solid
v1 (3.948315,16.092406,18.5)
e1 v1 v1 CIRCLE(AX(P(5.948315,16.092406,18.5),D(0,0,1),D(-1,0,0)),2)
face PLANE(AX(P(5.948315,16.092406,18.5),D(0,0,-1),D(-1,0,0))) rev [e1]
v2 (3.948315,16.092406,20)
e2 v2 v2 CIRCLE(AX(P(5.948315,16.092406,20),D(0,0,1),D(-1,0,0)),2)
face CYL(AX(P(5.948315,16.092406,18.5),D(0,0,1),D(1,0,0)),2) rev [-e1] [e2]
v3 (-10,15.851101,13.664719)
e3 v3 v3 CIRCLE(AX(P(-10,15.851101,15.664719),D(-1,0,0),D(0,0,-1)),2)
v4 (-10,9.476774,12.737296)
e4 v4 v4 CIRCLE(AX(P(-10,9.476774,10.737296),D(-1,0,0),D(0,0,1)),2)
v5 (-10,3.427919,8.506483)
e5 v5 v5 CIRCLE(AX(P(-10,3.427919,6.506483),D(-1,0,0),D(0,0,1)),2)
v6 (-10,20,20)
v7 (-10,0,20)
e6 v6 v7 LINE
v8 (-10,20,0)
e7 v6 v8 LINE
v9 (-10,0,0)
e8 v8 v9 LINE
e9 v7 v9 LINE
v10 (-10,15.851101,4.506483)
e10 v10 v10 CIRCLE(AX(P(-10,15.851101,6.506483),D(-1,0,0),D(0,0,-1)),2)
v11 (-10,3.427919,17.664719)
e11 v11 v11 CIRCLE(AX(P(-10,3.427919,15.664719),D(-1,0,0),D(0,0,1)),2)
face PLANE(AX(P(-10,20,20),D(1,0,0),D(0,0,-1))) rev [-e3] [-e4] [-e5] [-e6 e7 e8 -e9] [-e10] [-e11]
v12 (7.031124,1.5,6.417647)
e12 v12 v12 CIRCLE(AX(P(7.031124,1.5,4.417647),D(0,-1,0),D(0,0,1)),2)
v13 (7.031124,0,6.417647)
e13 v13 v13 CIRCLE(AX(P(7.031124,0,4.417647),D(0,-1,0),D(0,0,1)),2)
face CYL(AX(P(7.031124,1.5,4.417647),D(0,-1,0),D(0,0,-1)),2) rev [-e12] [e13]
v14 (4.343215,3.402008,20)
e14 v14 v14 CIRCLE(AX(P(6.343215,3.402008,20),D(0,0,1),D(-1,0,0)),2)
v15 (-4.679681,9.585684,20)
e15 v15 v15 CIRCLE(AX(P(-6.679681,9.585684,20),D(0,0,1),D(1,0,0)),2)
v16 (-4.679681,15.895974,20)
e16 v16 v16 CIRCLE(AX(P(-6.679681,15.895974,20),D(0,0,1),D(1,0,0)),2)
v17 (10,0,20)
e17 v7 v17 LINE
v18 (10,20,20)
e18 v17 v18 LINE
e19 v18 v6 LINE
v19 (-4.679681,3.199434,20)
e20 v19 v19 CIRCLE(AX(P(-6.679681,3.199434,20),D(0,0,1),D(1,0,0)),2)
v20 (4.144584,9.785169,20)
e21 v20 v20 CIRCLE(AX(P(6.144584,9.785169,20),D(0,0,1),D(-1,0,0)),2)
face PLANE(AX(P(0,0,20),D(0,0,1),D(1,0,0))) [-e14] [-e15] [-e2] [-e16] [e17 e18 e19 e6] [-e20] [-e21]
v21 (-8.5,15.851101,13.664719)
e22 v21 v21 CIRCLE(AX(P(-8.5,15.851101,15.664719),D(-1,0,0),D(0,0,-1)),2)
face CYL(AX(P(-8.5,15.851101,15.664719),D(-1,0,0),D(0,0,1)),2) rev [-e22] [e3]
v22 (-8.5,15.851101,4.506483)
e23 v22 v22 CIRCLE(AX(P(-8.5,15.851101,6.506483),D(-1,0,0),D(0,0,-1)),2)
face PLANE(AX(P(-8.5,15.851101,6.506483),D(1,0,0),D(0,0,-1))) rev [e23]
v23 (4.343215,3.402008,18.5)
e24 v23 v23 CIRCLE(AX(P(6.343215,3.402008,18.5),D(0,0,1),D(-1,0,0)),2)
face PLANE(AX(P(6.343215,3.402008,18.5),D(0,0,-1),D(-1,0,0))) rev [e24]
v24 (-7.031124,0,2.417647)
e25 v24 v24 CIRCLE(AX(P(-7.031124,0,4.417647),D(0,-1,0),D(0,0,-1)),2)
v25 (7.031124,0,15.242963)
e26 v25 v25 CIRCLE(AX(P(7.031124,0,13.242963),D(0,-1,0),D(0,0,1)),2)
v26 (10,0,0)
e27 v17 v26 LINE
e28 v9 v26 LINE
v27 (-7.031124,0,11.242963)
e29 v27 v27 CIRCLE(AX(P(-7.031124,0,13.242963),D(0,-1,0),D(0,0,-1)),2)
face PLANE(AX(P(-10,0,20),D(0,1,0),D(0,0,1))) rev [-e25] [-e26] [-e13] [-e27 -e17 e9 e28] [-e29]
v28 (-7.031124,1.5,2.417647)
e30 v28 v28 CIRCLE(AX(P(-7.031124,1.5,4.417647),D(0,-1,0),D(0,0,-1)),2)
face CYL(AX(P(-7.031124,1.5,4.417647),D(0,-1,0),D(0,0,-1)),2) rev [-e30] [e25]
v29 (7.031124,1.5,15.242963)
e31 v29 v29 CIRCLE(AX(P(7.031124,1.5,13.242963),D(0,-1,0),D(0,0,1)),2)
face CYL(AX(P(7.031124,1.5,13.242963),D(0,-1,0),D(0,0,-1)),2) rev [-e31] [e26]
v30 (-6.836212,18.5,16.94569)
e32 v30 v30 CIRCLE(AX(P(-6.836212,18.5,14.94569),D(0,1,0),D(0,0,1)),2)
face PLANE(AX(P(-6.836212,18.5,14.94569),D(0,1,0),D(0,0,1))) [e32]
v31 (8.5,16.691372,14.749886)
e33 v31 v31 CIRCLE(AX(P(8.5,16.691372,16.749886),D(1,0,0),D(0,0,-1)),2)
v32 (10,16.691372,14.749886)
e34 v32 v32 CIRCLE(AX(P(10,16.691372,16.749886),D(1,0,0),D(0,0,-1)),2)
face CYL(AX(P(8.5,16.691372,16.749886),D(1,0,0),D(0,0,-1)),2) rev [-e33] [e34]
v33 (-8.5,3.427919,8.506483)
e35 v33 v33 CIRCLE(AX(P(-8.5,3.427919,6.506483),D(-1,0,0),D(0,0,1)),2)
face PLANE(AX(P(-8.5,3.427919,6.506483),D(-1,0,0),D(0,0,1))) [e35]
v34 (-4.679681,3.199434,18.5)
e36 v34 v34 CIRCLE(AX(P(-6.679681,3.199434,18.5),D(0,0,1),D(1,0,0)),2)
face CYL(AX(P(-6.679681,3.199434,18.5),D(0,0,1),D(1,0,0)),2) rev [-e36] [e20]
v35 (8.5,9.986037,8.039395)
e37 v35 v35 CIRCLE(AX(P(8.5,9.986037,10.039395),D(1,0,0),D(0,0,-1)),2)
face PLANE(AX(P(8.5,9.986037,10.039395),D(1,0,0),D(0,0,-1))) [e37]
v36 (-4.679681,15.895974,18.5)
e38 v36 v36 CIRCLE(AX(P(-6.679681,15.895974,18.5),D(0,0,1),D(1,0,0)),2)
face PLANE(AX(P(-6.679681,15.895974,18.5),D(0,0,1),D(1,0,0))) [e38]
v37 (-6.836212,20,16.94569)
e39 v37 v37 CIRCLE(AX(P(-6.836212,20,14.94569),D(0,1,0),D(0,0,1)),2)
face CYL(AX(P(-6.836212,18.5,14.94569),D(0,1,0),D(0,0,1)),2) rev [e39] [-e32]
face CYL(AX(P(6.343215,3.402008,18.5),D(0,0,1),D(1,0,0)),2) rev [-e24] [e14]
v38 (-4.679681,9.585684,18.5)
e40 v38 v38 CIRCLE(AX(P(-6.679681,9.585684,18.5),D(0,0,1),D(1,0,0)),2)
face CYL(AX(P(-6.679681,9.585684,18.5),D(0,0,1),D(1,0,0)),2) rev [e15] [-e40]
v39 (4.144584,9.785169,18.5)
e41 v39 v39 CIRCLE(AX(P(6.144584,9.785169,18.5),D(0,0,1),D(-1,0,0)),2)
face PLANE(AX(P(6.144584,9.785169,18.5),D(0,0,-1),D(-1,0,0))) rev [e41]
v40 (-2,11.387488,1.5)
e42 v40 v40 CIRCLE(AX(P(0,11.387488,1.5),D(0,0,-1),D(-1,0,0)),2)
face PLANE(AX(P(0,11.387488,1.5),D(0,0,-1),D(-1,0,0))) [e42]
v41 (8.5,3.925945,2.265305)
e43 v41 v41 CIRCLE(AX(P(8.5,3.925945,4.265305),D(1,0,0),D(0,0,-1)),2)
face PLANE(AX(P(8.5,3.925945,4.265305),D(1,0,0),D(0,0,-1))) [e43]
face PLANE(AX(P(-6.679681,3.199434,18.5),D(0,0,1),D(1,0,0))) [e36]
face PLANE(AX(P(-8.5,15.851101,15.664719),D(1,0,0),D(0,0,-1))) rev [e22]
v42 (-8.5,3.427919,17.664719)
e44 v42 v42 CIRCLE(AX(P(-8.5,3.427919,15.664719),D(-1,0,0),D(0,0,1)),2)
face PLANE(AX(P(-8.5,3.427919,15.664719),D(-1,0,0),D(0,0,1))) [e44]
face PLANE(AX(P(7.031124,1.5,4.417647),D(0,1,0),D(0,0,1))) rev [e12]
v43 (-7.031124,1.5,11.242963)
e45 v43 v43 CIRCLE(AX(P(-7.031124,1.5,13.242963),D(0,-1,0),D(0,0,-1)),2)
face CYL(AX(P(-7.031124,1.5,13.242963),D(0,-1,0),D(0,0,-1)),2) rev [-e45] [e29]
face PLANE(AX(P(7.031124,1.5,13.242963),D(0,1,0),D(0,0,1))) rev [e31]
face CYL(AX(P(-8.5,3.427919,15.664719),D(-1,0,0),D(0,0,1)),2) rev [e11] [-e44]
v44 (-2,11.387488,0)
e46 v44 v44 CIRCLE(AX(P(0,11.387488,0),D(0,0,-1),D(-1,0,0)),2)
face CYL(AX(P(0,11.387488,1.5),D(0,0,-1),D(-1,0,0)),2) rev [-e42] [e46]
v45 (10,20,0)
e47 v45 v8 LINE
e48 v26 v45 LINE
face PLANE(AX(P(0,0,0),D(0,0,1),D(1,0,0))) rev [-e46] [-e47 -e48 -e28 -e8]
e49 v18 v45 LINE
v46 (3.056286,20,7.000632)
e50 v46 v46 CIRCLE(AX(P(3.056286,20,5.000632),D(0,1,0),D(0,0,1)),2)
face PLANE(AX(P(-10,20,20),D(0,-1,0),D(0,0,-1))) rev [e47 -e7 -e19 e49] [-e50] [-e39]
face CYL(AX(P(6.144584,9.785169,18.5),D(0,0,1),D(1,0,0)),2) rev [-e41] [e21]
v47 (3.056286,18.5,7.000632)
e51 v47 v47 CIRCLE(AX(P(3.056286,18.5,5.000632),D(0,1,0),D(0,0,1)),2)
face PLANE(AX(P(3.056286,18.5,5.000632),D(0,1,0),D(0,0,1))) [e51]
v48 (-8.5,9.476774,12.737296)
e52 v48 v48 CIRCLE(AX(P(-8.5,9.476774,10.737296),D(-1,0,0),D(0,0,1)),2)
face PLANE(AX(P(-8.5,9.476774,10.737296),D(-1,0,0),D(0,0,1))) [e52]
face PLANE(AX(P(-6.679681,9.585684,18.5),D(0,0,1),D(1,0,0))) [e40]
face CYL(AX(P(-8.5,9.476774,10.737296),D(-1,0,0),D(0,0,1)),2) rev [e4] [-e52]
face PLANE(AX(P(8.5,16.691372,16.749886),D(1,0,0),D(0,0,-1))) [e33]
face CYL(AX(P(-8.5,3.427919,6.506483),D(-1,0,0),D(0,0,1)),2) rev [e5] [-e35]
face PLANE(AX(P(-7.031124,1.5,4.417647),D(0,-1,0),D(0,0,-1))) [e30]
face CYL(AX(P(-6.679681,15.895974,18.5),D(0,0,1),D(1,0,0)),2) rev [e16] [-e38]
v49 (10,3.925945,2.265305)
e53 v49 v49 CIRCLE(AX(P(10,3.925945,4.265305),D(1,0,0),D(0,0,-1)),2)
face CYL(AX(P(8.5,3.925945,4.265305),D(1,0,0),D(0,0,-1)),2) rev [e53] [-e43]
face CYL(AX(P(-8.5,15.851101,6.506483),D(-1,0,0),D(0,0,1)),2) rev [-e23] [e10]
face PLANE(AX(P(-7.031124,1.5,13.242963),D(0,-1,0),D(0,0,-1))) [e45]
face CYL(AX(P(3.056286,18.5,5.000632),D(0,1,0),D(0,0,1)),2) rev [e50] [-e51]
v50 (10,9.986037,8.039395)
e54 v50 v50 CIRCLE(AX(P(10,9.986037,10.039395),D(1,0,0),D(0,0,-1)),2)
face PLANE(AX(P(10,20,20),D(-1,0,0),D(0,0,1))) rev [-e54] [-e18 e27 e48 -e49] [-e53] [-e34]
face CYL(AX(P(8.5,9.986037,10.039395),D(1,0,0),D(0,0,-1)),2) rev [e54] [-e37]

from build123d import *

# Parameters (mm, degrees)
SKETCH2_W           = 20
SKETCH2_H           = 20
BOSS_EXTRUDE1_DEPTH = 20
SKETCH3_R           = 2
CUT_EXTRUDE2_DEPTH  = 1.5
SKETCH4_R           = 2
CUT_EXTRUDE4_DEPTH  = 1.5
SKETCH5_R           = 2
CUT_EXTRUDE5_DEPTH  = 1.5
SKETCH6_R           = 2
CUT_EXTRUDE6_DEPTH  = 1.5
SKETCH7_R           = 2
CUT_EXTRUDE7_DEPTH  = 1.5
SKETCH8_R           = 2
CUT_EXTRUDE8_DEPTH  = 1.5
SKETCH9_R           = 2
CUT_EXTRUDE9_DEPTH  = 1.5


with BuildPart() as part:
    # Sketch2 → Boss-Extrude1 (new body)
    with BuildSketch(Plane.XY):
        with Locations((0, 10)):
            Rectangle(SKETCH2_W, SKETCH2_H)
    extrude(amount=BOSS_EXTRUDE1_DEPTH)

    # Sketch3 → Cut-Extrude2 (cut)
    with BuildSketch(Plane(origin=(0, 0, 0), x_dir=(-1, 0, 0), z_dir=(0, 0, -1))):
        with Locations((0, 11.387488096)):
            Circle(SKETCH3_R)
    extrude(amount=-CUT_EXTRUDE2_DEPTH, mode=Mode.SUBTRACT)

    # Sketch4 → Cut-Extrude4 (cut)
    with BuildSketch(Plane.XY.offset(20)):
        with Locations((-6.679680773, 3.199433654)):
            Circle(SKETCH4_R)
        with Locations((-6.679680773, 9.585684456)):
            Circle(SKETCH4_R)
        with Locations((-6.679680773, 15.895974219)):
            Circle(SKETCH4_R)
        with Locations(Location((5.94831499, 16.092405647, 0), (0, 0, 180))):
            Circle(SKETCH4_R)
        with Locations(Location((6.144583567, 9.785168888, 0), (0, 0, 180))):
            Circle(SKETCH4_R)
        with Locations(Location((6.343214755, 3.402007841, 0), (0, 0, 180))):
            Circle(SKETCH4_R)
    extrude(amount=-CUT_EXTRUDE4_DEPTH, mode=Mode.SUBTRACT)

    # Sketch5 → Cut-Extrude5 (cut)
    with BuildSketch(Plane.XZ):
        with Locations(Location((-7.031123571, 4.41764723, 0), (0, 0, 270))):
            Circle(SKETCH5_R)
        with Locations(Location((-7.031123571, 13.242962798, 0), (0, 0, 270))):
            Circle(SKETCH5_R)
        with Locations(Location((7.031123571, 13.242962798, 0), (0, 0, 90))):
            Circle(SKETCH5_R)
        with Locations(Location((7.031123571, 4.41764723, 0), (0, 0, 90))):
            Circle(SKETCH5_R)
    extrude(amount=-CUT_EXTRUDE5_DEPTH, mode=Mode.SUBTRACT)

    # Sketch6 → Cut-Extrude6 (cut)
    with BuildSketch(Plane(origin=(0, 20, 0), x_dir=(1, 0, 0), z_dir=(0, 1, 0))):
        with Locations(Location((-6.836211915, -14.945689643, 0), (0, 0, 270))):
            Circle(SKETCH6_R)
        with Locations(Location((3.056286481, -5.000631722, 0), (0, 0, 270))):
            Circle(SKETCH6_R)
    extrude(amount=-CUT_EXTRUDE6_DEPTH, mode=Mode.SUBTRACT)

    # Sketch7 → Cut-Extrude7 (cut)
    with BuildSketch(Plane.ZY.offset(10)):
        with Locations((15.664719218, 3.42791907)):
            Circle(SKETCH7_R)
        with Locations((6.506483369, 3.42791907)):
            Circle(SKETCH7_R)
        with Locations(Location((6.506483369, 15.851101107, 0), (0, 0, 180))):
            Circle(SKETCH7_R)
        with Locations(Location((15.664719218, 15.851101107, 0), (0, 0, 180))):
            Circle(SKETCH7_R)
    extrude(amount=-CUT_EXTRUDE7_DEPTH, mode=Mode.SUBTRACT)

    # Sketch8 → Cut-Extrude8 (cut)
    with BuildSketch(Plane.ZY.offset(10)):
        with Locations((10.73729624, 9.476774356)):
            Circle(SKETCH8_R)
    extrude(amount=-CUT_EXTRUDE8_DEPTH, mode=Mode.SUBTRACT)

    # Sketch9 → Cut-Extrude9 (cut)
    with BuildSketch(Plane(origin=(10, 0, 0), x_dir=(0, 0, -1), z_dir=(1, 0, 0))):
        with Locations((-16.749886235, 16.691371863)):
            Circle(SKETCH9_R)
        with Locations((-10.039394763, 9.986036972)):
            Circle(SKETCH9_R)
        with Locations((-4.265304833, 3.925944784)):
            Circle(SKETCH9_R)
    extrude(amount=-CUT_EXTRUDE9_DEPTH, mode=Mode.SUBTRACT)


solid = part.part
